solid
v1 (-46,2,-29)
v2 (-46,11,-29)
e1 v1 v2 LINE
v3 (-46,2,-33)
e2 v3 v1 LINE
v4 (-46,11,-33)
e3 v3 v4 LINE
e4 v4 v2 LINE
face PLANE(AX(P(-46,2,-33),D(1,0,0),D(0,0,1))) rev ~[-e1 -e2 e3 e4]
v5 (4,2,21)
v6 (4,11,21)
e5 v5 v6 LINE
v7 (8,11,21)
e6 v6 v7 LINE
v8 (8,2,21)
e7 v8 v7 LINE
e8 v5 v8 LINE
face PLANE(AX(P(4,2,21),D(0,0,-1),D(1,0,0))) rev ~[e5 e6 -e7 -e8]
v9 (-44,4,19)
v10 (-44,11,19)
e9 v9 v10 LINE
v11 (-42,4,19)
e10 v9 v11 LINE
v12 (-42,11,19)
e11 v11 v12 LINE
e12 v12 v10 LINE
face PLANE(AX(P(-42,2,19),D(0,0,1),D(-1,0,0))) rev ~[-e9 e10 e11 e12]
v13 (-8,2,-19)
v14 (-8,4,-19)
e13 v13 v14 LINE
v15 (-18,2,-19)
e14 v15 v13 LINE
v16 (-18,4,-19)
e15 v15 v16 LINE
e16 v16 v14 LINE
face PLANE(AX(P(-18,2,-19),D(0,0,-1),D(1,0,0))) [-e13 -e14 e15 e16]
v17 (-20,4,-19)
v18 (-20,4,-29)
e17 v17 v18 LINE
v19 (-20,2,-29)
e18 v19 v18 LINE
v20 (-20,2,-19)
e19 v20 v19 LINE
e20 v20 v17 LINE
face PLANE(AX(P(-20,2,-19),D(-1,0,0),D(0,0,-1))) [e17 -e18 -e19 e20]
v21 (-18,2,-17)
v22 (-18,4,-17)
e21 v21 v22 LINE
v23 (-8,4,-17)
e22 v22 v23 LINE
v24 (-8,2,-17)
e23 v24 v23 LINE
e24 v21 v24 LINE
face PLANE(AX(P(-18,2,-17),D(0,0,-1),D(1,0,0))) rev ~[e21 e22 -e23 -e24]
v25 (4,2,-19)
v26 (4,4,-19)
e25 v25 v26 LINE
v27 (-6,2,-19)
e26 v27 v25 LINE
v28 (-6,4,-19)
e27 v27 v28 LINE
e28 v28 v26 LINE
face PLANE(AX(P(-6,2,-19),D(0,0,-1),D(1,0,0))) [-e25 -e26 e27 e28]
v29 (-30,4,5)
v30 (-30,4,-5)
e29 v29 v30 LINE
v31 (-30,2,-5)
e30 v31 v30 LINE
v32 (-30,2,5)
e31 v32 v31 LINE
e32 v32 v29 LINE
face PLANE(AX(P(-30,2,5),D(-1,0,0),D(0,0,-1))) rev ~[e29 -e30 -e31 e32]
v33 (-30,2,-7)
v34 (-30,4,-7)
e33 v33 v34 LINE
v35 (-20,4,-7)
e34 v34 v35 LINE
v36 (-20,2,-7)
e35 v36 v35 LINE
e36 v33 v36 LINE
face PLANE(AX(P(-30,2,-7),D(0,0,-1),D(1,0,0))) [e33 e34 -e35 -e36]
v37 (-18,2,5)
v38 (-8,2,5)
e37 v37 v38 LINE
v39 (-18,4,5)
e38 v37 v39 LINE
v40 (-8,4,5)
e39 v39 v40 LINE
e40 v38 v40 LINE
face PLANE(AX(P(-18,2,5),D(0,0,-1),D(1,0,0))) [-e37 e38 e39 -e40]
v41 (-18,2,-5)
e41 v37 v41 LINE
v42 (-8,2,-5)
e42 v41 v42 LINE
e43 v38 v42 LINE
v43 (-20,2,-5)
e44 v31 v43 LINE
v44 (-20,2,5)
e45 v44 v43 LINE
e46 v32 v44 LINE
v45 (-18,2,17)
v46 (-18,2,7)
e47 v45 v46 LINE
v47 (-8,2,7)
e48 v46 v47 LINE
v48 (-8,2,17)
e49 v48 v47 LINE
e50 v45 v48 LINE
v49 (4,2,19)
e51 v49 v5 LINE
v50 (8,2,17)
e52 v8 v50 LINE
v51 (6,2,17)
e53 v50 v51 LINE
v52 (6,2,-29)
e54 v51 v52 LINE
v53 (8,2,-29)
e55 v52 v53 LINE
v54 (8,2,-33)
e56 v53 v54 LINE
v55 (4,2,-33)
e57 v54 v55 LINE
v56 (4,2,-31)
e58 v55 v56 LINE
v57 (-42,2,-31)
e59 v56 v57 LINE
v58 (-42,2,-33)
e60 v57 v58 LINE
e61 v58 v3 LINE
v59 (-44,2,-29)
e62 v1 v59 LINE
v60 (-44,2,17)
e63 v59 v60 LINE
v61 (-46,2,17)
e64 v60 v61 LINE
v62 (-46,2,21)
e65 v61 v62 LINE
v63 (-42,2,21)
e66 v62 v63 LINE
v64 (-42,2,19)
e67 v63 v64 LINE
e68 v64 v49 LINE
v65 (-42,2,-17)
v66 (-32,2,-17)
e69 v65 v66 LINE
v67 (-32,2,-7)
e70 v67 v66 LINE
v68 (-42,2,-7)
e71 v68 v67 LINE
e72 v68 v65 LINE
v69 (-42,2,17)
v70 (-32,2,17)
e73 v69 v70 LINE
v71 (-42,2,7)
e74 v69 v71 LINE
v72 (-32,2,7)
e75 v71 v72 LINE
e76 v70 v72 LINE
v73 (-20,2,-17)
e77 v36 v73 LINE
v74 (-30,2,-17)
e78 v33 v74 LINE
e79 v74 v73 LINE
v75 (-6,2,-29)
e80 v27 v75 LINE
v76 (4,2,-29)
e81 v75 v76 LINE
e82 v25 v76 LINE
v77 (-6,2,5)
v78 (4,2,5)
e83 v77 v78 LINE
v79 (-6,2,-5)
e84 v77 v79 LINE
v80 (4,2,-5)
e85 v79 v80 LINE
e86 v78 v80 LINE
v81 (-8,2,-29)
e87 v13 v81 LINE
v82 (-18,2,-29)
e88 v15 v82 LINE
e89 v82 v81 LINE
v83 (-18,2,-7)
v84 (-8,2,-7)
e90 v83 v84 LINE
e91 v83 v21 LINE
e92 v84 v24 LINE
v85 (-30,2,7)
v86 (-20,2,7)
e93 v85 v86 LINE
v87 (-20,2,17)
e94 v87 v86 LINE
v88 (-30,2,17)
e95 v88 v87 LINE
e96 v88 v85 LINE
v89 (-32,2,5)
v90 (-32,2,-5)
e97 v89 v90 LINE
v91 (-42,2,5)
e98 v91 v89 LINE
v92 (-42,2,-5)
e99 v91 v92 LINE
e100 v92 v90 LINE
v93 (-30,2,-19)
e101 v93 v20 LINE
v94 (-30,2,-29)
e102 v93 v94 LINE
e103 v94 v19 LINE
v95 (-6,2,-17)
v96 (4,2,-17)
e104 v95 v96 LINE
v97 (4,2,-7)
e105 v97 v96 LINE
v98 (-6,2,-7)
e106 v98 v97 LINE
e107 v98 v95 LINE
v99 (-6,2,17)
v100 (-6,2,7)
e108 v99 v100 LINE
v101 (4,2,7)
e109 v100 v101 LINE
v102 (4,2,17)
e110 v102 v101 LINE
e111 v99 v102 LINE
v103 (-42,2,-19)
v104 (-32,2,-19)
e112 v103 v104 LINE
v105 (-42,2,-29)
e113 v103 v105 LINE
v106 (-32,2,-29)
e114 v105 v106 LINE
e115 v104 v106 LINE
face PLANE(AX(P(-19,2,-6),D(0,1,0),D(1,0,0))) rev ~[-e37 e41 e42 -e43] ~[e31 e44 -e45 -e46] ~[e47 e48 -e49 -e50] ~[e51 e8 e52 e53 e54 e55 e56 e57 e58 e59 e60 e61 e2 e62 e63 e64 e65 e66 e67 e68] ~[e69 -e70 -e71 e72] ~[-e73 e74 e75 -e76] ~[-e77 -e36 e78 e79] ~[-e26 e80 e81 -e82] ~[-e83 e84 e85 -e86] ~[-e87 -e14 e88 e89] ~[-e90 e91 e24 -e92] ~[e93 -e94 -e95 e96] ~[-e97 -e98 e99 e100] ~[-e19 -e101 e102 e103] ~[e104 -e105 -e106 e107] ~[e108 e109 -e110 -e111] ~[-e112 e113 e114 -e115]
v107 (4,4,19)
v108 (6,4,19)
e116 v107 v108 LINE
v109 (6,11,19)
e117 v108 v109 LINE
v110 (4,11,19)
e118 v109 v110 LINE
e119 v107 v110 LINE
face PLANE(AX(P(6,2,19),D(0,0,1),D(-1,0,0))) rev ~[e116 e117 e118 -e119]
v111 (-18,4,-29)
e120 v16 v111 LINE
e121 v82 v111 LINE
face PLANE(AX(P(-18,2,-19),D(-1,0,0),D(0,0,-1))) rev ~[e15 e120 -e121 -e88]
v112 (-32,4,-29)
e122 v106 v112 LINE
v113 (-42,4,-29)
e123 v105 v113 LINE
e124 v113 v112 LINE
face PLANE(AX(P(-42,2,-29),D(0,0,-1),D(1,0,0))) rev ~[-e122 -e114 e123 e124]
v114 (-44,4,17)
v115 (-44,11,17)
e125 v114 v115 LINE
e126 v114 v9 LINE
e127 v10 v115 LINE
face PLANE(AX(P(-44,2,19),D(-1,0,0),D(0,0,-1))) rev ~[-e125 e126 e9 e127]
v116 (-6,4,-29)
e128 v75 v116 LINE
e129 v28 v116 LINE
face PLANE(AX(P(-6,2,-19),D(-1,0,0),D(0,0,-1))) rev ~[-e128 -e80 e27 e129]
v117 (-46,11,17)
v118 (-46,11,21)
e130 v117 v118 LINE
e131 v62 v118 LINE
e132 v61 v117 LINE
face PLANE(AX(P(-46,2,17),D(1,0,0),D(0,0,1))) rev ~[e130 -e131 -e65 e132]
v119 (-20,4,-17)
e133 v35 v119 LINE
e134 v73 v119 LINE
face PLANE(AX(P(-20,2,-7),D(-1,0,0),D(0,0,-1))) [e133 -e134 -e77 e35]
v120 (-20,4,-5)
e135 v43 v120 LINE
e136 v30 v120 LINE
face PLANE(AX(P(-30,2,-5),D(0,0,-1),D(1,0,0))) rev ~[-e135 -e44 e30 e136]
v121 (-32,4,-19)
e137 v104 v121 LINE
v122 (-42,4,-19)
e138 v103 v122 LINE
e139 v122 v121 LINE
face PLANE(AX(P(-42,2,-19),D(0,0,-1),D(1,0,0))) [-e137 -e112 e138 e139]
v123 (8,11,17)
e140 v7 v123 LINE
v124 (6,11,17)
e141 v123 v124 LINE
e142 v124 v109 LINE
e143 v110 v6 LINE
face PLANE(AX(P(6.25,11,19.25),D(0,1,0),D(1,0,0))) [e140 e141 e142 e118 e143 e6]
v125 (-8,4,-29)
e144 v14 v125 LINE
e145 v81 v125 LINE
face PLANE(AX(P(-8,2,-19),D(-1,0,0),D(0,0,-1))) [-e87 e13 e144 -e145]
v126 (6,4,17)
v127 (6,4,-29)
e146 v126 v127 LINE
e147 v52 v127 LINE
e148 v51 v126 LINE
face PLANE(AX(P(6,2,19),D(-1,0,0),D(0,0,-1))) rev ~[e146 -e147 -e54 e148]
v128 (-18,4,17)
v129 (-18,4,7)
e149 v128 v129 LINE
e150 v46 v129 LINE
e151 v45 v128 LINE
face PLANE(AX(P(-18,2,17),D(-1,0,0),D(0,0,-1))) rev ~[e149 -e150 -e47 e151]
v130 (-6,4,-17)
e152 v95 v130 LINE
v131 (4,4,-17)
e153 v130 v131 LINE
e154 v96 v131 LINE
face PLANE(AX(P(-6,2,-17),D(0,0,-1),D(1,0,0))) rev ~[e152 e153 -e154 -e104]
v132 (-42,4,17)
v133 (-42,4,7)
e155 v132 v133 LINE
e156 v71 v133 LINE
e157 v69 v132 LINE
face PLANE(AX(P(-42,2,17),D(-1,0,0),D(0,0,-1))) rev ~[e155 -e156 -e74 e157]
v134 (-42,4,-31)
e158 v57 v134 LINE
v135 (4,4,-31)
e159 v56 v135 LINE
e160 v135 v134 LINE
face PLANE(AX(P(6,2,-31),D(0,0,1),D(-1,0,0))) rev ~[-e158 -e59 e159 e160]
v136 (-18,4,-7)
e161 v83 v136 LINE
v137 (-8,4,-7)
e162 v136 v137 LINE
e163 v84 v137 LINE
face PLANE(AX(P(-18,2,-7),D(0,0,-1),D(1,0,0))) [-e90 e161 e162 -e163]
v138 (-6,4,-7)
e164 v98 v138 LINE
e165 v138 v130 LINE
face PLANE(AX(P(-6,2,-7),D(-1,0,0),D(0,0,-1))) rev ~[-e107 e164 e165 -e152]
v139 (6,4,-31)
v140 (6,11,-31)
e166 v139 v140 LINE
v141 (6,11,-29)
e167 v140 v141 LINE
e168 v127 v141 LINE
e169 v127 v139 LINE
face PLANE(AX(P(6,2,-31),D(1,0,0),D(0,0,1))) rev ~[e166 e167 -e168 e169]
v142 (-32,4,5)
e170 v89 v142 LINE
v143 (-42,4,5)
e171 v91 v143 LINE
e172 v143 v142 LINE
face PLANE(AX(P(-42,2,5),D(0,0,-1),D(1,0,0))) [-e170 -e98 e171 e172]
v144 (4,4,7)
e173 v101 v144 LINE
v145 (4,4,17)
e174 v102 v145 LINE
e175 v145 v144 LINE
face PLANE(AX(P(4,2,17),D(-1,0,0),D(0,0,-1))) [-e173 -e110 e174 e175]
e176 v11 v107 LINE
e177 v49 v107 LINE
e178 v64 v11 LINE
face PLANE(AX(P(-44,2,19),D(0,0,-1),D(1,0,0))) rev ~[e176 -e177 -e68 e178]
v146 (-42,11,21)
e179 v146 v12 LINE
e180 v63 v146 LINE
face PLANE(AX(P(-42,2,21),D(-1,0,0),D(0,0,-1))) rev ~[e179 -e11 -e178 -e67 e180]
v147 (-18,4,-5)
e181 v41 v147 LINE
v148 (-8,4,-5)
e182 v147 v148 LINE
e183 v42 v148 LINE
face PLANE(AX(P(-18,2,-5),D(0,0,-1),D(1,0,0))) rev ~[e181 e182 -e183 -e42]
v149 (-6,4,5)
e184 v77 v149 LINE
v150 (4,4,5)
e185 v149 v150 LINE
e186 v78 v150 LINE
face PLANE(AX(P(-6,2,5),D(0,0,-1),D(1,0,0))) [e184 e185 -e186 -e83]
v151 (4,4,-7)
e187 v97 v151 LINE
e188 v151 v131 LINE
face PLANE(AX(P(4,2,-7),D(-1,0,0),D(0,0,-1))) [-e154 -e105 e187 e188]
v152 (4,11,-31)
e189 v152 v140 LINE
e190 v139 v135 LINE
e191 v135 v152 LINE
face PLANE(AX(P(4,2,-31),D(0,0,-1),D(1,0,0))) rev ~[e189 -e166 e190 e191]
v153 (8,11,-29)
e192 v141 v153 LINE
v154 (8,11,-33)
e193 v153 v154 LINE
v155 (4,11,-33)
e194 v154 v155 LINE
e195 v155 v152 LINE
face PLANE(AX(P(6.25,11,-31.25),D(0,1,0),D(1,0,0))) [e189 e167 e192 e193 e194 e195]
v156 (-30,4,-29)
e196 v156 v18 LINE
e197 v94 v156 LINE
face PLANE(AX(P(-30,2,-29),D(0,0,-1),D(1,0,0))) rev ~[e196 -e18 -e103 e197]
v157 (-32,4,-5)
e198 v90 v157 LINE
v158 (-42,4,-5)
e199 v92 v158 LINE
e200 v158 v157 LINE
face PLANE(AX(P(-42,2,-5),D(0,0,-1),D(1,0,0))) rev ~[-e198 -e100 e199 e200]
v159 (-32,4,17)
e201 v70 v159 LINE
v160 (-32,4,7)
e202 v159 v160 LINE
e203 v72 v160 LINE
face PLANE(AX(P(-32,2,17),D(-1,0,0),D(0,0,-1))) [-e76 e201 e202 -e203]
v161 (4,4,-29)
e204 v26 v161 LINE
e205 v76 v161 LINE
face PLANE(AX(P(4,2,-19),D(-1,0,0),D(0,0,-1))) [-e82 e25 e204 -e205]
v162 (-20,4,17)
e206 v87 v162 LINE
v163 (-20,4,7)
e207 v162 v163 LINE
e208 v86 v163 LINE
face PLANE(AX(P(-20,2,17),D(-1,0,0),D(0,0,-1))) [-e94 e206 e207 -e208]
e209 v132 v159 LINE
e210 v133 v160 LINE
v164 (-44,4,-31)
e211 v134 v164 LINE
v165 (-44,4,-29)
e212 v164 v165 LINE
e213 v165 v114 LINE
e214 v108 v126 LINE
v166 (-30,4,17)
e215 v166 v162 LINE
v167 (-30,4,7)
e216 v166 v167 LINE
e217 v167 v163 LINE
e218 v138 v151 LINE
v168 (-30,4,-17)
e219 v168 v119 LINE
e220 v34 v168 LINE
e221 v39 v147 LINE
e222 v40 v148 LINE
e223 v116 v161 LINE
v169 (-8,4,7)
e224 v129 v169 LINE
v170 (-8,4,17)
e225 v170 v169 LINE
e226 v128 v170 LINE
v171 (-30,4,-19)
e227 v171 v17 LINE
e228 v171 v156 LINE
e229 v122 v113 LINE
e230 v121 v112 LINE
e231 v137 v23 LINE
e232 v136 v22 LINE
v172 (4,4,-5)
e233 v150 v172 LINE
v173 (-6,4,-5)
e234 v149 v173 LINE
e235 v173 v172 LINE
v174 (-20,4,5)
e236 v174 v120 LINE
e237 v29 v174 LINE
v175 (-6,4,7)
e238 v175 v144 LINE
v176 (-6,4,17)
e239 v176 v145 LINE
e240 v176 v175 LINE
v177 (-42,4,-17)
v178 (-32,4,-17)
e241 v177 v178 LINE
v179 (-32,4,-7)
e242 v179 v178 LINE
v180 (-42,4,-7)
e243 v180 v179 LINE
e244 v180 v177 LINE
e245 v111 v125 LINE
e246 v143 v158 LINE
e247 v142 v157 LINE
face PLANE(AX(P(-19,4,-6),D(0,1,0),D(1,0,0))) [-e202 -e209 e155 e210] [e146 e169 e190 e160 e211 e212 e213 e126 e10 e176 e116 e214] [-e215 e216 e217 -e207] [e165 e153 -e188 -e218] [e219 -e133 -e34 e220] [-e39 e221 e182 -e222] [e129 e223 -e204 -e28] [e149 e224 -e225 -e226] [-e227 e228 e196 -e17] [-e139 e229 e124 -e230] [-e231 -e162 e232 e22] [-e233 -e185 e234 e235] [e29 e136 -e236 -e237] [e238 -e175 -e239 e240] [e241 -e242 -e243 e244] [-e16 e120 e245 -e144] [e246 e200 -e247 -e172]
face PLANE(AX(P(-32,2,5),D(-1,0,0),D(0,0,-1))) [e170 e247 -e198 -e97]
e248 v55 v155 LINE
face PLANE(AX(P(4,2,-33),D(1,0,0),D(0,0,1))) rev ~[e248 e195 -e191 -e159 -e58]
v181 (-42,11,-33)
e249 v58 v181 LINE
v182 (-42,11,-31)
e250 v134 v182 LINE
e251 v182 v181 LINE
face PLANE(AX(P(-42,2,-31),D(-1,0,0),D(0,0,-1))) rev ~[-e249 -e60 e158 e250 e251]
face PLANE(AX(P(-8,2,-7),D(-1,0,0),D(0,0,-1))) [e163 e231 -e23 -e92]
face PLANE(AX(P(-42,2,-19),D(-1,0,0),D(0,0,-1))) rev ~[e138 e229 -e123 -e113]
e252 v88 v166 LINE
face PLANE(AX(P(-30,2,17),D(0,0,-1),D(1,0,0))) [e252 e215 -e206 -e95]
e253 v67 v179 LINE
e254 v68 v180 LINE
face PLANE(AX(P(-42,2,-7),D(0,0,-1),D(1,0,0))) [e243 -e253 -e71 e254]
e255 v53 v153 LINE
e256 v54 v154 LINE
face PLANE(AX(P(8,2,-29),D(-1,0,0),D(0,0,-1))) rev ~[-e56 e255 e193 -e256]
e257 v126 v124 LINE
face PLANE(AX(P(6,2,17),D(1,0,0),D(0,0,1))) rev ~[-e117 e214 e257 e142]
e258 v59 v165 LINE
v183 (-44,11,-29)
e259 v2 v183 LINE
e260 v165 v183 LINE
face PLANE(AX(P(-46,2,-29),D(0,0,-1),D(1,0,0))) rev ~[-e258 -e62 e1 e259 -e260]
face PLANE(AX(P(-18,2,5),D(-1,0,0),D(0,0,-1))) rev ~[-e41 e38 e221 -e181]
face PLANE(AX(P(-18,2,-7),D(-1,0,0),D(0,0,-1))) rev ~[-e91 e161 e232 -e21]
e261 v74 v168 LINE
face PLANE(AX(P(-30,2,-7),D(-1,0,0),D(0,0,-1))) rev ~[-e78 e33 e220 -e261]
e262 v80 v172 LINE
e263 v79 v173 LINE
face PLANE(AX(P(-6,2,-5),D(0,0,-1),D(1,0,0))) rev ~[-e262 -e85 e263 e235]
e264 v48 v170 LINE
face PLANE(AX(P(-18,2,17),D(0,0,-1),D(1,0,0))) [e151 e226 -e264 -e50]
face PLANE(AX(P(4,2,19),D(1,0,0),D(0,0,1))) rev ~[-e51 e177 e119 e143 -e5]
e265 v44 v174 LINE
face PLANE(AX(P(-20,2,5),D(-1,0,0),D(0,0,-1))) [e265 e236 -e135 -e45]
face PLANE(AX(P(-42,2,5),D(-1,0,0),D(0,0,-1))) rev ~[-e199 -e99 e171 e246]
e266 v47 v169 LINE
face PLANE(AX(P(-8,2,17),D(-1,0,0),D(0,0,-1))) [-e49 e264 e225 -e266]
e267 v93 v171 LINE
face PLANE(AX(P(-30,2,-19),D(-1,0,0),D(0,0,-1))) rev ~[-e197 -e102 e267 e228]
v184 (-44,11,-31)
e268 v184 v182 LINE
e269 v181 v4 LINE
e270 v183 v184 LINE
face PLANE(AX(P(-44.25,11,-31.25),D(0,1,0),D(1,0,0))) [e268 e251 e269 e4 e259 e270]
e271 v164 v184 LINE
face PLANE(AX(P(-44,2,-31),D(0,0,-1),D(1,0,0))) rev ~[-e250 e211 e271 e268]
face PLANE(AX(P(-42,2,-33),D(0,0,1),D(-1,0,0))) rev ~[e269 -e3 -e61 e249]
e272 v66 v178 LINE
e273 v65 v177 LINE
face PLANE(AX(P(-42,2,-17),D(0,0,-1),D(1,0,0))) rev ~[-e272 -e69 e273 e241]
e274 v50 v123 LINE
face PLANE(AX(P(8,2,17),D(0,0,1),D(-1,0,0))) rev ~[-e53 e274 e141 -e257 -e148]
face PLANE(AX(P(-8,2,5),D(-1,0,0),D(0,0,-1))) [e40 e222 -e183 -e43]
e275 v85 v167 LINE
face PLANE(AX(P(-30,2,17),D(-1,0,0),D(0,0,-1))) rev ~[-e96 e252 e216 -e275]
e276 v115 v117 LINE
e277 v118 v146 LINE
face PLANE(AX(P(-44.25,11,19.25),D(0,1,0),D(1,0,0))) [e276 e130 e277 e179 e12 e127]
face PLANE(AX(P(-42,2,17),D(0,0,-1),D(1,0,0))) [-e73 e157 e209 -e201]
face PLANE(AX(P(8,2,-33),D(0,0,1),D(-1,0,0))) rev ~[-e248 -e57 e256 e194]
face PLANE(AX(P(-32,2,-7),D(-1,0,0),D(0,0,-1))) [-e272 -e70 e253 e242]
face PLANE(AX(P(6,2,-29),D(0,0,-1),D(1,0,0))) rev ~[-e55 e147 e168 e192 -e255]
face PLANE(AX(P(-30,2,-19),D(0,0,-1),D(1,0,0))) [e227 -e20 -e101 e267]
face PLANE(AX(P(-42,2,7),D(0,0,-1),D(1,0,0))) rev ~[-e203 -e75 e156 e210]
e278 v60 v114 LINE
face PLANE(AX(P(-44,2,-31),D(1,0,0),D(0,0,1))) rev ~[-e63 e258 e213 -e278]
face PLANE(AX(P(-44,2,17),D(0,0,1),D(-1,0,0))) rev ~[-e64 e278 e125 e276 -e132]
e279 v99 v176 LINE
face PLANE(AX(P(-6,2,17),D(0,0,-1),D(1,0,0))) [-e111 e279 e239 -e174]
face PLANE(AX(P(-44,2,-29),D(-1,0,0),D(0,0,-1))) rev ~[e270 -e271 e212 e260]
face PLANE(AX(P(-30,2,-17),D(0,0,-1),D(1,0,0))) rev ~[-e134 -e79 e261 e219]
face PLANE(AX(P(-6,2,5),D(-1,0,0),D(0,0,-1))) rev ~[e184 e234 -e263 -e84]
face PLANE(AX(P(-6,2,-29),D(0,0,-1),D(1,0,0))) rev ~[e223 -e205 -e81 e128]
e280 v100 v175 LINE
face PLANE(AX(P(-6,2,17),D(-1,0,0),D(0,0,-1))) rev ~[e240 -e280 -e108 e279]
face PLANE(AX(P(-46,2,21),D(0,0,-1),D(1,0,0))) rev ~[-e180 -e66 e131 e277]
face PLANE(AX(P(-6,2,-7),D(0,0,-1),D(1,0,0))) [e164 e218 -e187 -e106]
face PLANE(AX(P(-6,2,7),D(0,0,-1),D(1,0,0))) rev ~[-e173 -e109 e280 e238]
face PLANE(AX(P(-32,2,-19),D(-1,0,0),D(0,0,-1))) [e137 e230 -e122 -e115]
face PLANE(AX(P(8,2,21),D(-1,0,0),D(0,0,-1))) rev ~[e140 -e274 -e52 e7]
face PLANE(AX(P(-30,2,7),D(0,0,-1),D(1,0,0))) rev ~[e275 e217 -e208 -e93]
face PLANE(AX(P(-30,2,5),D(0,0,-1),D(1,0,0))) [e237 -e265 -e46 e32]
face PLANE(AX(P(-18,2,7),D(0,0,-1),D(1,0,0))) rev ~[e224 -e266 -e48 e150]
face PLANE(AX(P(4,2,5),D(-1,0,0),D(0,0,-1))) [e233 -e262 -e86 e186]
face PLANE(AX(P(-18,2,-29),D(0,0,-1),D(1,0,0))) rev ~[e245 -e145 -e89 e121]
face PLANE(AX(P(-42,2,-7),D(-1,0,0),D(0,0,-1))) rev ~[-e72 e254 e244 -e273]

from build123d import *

# Parameters (mm, degrees)
BOSS_EXTRUDE16_START   = 2
BOSS_EXTRUDE16_DEPTH   = 9
BOSS_EXTRUDE16_2_DEPTH = 9
BOSS_EXTRUDE16_3_DEPTH = 9
BOSS_EXTRUDE16_4_DEPTH = 9
BOSS_EXTRUDE17_START   = 2
SKETCH1_28_W           = 10
SKETCH1_28_H           = 10
BOSS_EXTRUDE17_DEPTH   = 2


with BuildPart() as part:
    # Sketch1 → Boss-Extrude16 (new body)
    with BuildSketch(Plane(origin=(0, 0, 0), x_dir=(1, 0, 0), z_dir=(0, 1, 0)).offset(BOSS_EXTRUDE16_START)):
        Polygon((4, 33), (4, 31), (6, 31), (6, 29), (8, 29), (8, 33), align=None)
    extrude(amount=BOSS_EXTRUDE16_DEPTH)



with BuildPart() as body_2:
    # Sketch1 → Boss-Extrude16 2 (new body)
    with BuildSketch(Plane(origin=(0, 0, 0), x_dir=(1, 0, 0), z_dir=(0, 1, 0)).offset(BOSS_EXTRUDE16_START)):
        Polygon((8, -17), (6, -17), (6, -19), (4, -19), (4, -21), (8, -21), align=None)
    extrude(amount=BOSS_EXTRUDE16_2_DEPTH)


with BuildPart() as body_3:
    # Sketch1 → Boss-Extrude16 3 (new body)
    with BuildSketch(Plane(origin=(0, 0, 0), x_dir=(1, 0, 0), z_dir=(0, 1, 0)).offset(BOSS_EXTRUDE16_START)):
        Polygon((-44, -19), (-44, -17), (-46, -17), (-46, -21), (-42, -21), (-42, -19), align=None)
    extrude(amount=BOSS_EXTRUDE16_3_DEPTH)


with BuildPart() as body_4:
    # Sketch1 → Boss-Extrude16 4 (new body)
    with BuildSketch(Plane(origin=(0, 0, 0), x_dir=(1, 0, 0), z_dir=(0, 1, 0)).offset(BOSS_EXTRUDE16_START)):
        Polygon((-44, 31), (-42, 31), (-42, 33), (-46, 33), (-46, 29), (-44, 29), align=None)
    extrude(amount=BOSS_EXTRUDE16_4_DEPTH)


with BuildPart() as part_1:
    add(part.part)

    add(body_2.part)  # Boss-Extrude17 merges body 2

    add(body_3.part)  # Boss-Extrude17 merges body 3

    add(body_4.part)  # Boss-Extrude17 merges body 4
    # Sketch1<28> → Boss-Extrude17 (add)
    with BuildSketch(Plane(origin=(0, 0, 0), x_dir=(1, 0, 0), z_dir=(0, 1, 0)).offset(BOSS_EXTRUDE17_START)):
        Polygon((4, 31), (-42, 31), (-44, 31), (-44, 29), (-44, -17), (-44, -19), (-42, -19), (4, -19), (6, -19), (6, -17), (6, 29), (6, 31), align=None)
        with Locations((-37, -12)):
            Rectangle(SKETCH1_28_W, SKETCH1_28_H, mode=Mode.SUBTRACT)
        with Locations((-25, -12)):
            Rectangle(SKETCH1_28_W, SKETCH1_28_H, mode=Mode.SUBTRACT)
        with Locations((-37, 0)):
            Rectangle(SKETCH1_28_W, SKETCH1_28_H, mode=Mode.SUBTRACT)
        with Locations((-25, 0)):
            Rectangle(SKETCH1_28_W, SKETCH1_28_H, mode=Mode.SUBTRACT)
        with Locations((-13, -12)):
            Rectangle(SKETCH1_28_W, SKETCH1_28_H, mode=Mode.SUBTRACT)
        with Locations((-1, -12)):
            Rectangle(SKETCH1_28_W, SKETCH1_28_H, mode=Mode.SUBTRACT)
        with Locations((-13, 0)):
            Rectangle(SKETCH1_28_W, SKETCH1_28_H, mode=Mode.SUBTRACT)
        with Locations((-1, 0)):
            Rectangle(SKETCH1_28_W, SKETCH1_28_H, mode=Mode.SUBTRACT)
        with Locations((-37, 12)):
            Rectangle(SKETCH1_28_W, SKETCH1_28_H, mode=Mode.SUBTRACT)
        with Locations((-25, 12)):
            Rectangle(SKETCH1_28_W, SKETCH1_28_H, mode=Mode.SUBTRACT)
        with Locations((-37, 24)):
            Rectangle(SKETCH1_28_W, SKETCH1_28_H, mode=Mode.SUBTRACT)
        with Locations((-25, 24)):
            Rectangle(SKETCH1_28_W, SKETCH1_28_H, mode=Mode.SUBTRACT)
        with Locations((-13, 12)):
            Rectangle(SKETCH1_28_W, SKETCH1_28_H, mode=Mode.SUBTRACT)
        with Locations((-1, 12)):
            Rectangle(SKETCH1_28_W, SKETCH1_28_H, mode=Mode.SUBTRACT)
        with Locations((-13, 24)):
            Rectangle(SKETCH1_28_W, SKETCH1_28_H, mode=Mode.SUBTRACT)
        with Locations((-1, 24)):
            Rectangle(SKETCH1_28_W, SKETCH1_28_H, mode=Mode.SUBTRACT)
    extrude(amount=BOSS_EXTRUDE17_DEPTH)


solid = part_1.part
